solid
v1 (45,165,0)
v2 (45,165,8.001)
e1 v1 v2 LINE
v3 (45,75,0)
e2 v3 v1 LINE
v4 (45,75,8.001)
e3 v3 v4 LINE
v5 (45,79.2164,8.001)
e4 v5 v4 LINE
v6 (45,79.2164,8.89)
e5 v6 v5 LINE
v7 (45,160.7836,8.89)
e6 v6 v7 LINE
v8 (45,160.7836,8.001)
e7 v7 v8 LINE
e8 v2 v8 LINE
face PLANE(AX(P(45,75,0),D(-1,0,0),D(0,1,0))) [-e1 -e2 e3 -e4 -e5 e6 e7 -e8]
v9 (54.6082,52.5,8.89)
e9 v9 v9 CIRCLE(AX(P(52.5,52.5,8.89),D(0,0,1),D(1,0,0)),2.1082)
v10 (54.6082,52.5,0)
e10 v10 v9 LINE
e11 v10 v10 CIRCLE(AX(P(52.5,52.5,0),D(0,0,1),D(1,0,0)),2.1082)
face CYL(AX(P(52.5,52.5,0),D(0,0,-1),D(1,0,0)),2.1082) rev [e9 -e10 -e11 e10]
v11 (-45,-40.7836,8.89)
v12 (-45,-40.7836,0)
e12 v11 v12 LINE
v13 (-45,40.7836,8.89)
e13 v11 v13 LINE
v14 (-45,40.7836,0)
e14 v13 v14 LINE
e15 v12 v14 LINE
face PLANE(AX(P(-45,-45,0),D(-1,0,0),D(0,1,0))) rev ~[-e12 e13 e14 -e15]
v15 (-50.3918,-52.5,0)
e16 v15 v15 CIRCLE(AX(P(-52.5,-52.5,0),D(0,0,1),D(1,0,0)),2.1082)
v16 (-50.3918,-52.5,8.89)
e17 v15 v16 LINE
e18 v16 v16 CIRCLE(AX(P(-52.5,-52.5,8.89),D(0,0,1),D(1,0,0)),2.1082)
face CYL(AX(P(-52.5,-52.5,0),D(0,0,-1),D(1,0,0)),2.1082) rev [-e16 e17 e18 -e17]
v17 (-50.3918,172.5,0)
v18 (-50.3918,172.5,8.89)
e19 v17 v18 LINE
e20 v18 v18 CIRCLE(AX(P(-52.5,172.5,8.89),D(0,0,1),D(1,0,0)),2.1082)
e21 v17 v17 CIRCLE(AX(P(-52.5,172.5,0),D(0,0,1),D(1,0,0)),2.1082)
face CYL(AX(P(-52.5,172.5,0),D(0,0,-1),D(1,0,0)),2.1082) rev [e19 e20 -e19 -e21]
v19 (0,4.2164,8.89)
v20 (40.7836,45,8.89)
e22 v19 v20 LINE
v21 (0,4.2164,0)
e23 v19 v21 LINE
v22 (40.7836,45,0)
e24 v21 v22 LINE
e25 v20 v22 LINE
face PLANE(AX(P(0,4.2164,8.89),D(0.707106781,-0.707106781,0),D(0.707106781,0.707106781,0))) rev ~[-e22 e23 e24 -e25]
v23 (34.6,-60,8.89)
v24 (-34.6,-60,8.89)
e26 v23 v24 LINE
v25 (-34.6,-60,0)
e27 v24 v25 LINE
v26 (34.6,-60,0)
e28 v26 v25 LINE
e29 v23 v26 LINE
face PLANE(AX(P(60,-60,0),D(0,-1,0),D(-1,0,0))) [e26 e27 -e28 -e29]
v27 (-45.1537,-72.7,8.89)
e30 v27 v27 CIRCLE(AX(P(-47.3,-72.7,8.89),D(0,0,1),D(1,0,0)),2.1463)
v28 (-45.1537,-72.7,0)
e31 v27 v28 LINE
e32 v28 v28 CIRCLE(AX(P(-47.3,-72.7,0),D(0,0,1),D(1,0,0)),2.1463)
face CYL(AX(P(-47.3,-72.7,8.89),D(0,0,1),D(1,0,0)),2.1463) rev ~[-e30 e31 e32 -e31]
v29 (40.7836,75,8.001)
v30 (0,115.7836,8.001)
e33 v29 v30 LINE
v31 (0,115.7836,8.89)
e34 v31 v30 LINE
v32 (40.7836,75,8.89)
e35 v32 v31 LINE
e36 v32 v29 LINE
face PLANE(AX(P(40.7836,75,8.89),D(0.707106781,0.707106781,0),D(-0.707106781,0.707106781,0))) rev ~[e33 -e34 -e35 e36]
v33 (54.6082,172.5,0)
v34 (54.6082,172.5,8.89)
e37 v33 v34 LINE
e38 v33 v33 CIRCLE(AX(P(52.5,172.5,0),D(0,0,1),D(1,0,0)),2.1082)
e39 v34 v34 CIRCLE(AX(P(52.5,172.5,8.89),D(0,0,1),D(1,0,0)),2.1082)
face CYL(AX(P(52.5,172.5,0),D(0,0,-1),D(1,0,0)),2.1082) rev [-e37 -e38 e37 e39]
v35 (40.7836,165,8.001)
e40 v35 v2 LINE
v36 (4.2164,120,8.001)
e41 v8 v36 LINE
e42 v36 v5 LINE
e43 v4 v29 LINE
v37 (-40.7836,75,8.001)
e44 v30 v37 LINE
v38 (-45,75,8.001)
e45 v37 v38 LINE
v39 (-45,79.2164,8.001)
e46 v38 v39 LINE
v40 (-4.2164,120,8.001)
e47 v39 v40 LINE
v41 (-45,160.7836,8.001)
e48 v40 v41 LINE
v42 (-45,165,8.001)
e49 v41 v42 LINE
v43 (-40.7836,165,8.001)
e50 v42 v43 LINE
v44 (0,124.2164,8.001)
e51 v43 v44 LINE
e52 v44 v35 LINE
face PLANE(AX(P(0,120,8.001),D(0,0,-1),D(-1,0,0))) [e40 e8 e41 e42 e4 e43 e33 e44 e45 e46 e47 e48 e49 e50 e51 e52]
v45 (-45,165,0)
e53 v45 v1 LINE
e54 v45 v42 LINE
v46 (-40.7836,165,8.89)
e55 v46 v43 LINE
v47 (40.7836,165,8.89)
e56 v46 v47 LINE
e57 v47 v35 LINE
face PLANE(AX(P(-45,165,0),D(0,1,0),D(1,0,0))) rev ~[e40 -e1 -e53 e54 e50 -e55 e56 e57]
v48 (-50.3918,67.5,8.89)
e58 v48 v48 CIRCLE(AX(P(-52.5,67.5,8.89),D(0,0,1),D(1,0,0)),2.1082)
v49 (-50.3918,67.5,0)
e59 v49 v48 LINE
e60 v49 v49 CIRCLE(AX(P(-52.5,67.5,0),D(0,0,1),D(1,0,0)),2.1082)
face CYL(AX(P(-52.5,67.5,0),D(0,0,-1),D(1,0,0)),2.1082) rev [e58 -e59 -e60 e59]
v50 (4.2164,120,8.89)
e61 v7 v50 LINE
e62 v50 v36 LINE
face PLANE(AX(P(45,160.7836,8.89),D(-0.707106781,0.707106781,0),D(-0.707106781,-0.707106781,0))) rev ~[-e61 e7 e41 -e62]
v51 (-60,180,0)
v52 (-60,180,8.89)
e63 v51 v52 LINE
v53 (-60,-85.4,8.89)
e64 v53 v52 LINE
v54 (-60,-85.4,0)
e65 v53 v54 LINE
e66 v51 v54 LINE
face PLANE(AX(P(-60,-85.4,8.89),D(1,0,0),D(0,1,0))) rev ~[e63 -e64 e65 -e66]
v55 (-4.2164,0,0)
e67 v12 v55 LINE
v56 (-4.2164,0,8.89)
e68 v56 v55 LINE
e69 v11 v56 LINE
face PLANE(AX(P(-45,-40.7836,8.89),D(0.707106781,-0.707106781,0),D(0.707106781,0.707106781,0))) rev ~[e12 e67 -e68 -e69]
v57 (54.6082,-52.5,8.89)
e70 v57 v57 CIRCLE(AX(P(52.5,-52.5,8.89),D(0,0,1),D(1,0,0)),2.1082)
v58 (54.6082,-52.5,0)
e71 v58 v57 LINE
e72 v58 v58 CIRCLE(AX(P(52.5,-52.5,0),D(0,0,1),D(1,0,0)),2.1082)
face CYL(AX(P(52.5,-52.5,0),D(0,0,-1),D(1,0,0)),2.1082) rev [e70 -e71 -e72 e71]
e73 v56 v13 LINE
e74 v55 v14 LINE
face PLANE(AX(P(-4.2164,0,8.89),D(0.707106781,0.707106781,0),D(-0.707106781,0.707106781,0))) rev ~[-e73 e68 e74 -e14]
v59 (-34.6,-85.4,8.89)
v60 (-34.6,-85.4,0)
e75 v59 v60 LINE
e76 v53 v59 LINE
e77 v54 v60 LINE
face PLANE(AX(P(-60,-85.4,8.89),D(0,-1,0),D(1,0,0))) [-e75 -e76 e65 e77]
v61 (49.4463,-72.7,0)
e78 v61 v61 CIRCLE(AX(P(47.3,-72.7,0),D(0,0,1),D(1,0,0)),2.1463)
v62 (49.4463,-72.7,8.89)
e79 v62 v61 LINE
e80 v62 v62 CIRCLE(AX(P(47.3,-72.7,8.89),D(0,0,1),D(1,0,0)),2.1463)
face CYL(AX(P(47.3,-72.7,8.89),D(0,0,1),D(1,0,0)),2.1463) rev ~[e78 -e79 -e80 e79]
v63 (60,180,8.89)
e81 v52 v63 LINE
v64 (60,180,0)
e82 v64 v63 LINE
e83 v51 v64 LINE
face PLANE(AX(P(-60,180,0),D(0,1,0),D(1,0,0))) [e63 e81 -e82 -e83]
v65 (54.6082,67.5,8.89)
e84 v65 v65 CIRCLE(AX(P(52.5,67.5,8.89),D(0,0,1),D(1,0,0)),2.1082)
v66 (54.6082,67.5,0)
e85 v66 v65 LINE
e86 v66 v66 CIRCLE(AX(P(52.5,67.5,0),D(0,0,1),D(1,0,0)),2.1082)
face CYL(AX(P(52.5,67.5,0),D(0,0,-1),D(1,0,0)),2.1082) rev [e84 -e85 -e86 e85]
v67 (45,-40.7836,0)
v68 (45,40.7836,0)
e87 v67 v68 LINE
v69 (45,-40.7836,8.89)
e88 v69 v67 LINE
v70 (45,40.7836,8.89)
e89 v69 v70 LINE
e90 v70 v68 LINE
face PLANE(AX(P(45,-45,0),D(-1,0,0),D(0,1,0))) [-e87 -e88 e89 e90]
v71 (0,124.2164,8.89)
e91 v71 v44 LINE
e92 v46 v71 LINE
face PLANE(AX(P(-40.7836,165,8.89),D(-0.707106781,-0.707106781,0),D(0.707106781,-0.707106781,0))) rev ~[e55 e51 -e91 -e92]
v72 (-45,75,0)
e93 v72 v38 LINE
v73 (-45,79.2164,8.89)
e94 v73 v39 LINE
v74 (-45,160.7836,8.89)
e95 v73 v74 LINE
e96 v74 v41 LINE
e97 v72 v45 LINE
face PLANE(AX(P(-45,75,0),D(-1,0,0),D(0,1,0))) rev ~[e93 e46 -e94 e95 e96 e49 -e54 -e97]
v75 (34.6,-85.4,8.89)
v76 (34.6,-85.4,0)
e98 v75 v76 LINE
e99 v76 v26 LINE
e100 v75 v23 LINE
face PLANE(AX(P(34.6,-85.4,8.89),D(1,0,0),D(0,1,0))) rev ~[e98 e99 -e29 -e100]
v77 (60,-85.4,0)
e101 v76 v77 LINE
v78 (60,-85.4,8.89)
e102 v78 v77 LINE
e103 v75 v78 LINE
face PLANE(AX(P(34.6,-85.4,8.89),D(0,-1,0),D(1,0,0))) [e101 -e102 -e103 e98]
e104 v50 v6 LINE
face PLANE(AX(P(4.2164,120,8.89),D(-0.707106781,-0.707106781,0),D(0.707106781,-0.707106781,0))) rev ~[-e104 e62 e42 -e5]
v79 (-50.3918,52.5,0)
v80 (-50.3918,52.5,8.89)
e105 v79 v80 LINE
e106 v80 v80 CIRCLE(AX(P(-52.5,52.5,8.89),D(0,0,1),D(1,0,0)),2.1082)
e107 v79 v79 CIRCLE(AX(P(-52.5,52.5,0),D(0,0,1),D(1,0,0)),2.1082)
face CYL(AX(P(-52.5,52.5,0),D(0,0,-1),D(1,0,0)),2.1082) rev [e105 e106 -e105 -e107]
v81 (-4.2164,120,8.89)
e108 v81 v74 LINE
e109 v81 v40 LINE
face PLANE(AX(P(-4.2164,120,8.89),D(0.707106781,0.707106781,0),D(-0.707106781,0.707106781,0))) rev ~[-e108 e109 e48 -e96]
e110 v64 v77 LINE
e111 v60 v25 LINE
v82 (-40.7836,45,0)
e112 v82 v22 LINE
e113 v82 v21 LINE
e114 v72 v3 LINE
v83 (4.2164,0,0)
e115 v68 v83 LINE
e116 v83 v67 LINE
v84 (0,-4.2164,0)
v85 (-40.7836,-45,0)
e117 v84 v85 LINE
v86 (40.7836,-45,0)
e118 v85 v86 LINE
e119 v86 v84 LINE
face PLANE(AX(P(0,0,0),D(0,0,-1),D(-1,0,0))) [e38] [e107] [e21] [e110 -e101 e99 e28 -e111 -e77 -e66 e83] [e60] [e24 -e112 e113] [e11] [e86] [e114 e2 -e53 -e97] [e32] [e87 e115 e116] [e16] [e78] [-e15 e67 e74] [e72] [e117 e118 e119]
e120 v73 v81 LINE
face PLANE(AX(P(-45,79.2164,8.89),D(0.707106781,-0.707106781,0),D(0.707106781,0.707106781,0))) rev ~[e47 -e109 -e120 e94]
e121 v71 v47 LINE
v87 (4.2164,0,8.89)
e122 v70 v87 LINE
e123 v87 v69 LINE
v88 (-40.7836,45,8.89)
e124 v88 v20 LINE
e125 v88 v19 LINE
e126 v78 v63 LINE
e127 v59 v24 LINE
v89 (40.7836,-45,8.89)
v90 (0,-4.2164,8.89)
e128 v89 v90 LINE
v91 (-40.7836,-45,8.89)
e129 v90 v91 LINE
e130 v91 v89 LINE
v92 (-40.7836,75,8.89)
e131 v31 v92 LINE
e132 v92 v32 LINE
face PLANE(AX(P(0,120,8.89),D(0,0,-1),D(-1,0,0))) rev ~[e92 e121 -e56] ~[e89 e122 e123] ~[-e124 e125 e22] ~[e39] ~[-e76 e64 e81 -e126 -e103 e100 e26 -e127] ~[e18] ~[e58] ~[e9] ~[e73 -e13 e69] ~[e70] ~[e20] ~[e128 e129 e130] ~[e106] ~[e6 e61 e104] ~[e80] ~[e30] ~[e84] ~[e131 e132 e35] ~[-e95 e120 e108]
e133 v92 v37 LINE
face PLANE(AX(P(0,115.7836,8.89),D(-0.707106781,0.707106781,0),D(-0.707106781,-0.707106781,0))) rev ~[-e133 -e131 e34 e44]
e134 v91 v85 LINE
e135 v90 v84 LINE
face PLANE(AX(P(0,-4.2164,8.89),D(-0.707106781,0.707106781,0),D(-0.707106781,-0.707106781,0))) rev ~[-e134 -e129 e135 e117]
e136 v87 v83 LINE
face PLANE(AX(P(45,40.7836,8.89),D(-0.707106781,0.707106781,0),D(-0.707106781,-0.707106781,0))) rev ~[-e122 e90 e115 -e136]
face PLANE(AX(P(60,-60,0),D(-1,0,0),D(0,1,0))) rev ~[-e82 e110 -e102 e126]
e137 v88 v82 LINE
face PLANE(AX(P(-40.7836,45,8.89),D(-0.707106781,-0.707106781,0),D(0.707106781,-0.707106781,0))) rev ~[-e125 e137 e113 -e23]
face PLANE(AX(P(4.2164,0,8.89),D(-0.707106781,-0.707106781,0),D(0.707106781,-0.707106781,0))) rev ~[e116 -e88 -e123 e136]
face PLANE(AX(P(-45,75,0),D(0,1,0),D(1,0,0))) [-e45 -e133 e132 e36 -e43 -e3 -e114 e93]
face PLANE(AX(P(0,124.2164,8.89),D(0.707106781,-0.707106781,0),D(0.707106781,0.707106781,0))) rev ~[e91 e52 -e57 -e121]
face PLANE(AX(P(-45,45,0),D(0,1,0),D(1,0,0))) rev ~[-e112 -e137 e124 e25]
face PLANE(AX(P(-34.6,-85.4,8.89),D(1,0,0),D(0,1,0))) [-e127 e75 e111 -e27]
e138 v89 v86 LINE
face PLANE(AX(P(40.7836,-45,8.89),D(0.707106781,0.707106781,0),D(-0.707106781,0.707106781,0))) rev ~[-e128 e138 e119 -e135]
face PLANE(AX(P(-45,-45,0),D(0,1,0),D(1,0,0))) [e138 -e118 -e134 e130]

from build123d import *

# Parameters (mm, degrees)
SKETCH_R     = 2.1082
SKETCH_W     = 90
SKETCH_H     = 90
PAD_DEPTH    = 8.89
SKETCH001_W  = 25.4
SKETCH001_H  = 25.4
SKETCH001_R  = 2.1463
PAD001_DEPTH = 8.89
PAD002_DEPTH = 8.89
PAD003_DEPTH = 0.889


with BuildPart() as part:
    # Sketch → Pad (new body)
    with BuildSketch(Plane.XY):
        Polygon((60, 60), (60, -60), (-60, -60), (-60, 60), (-60, 180), (60, 180), align=None)
        with Locations((-52.5, 52.5)):
            Circle(SKETCH_R, mode=Mode.SUBTRACT)
        with Locations((52.5, 52.5)):
            Circle(SKETCH_R, mode=Mode.SUBTRACT)
        with Locations((-52.5, -52.5)):
            Circle(SKETCH_R, mode=Mode.SUBTRACT)
        with Locations((52.5, -52.5)):
            Circle(SKETCH_R, mode=Mode.SUBTRACT)
        with Locations((-52.5, 172.5)):
            Circle(SKETCH_R, mode=Mode.SUBTRACT)
        with Locations((52.5, 172.5)):
            Circle(SKETCH_R, mode=Mode.SUBTRACT)
        with Locations((52.5, 67.5)):
            Circle(SKETCH_R, mode=Mode.SUBTRACT)
        with Locations((-52.5, 67.5)):
            Circle(SKETCH_R, mode=Mode.SUBTRACT)
        Rectangle(SKETCH_W, SKETCH_H, mode=Mode.SUBTRACT)
        with Locations((0, 120)):
            Rectangle(SKETCH_W, SKETCH_H, mode=Mode.SUBTRACT)
    extrude(amount=PAD_DEPTH)

    # Sketch001 (on Face24 of Pad) → Pad001 (join)
    with BuildSketch(Plane.XY.offset(8.89)):
        with Locations((-47.3, -72.7)):
            Rectangle(SKETCH001_W, SKETCH001_H)
        with Locations((-47.3, -72.7)):
            Circle(SKETCH001_R, mode=Mode.SUBTRACT)
        with Locations((47.3, -72.7)):
            Rectangle(SKETCH001_W, SKETCH001_H)
        with Locations((47.3, -72.7)):
            Circle(SKETCH001_R, mode=Mode.SUBTRACT)
    extrude(amount=-PAD001_DEPTH)

    # Sketch002 (on Face5 of Pad001) → Pad002 (join)
    with BuildSketch(Plane.XY.offset(8.89)):
        Polygon((-45, -40.7836), (-4.2164, 0), (-45, 40.7836), (-45, 45), (-40.7836, 45), (0, 4.2164), (40.7836, 45), (45, 45), (45, 40.7836), (4.2164, 0), (45, -40.7836), (45, -45), (40.7836, -45), (0, -4.2164), (-40.7836, -45), (-45, -45), align=None)
    extrude(amount=-PAD002_DEPTH)

    # Sketch003 (on Face5 of Pad001) → Pad003 (join)
    with BuildSketch(Plane.XY.offset(8.89)):
        Polygon((-45, 75), (-45, 79.2164), (-4.2164, 120), (-45, 160.7836), (-45, 165), (-40.7836, 165), (0, 124.2164), (40.7836, 165), (45, 165), (45, 160.7836), (4.2164, 120), (45, 79.2164), (45, 75), (40.7836, 75), (0, 115.7836), (-40.7836, 75), align=None)
    extrude(amount=-PAD003_DEPTH)


solid = part.part
